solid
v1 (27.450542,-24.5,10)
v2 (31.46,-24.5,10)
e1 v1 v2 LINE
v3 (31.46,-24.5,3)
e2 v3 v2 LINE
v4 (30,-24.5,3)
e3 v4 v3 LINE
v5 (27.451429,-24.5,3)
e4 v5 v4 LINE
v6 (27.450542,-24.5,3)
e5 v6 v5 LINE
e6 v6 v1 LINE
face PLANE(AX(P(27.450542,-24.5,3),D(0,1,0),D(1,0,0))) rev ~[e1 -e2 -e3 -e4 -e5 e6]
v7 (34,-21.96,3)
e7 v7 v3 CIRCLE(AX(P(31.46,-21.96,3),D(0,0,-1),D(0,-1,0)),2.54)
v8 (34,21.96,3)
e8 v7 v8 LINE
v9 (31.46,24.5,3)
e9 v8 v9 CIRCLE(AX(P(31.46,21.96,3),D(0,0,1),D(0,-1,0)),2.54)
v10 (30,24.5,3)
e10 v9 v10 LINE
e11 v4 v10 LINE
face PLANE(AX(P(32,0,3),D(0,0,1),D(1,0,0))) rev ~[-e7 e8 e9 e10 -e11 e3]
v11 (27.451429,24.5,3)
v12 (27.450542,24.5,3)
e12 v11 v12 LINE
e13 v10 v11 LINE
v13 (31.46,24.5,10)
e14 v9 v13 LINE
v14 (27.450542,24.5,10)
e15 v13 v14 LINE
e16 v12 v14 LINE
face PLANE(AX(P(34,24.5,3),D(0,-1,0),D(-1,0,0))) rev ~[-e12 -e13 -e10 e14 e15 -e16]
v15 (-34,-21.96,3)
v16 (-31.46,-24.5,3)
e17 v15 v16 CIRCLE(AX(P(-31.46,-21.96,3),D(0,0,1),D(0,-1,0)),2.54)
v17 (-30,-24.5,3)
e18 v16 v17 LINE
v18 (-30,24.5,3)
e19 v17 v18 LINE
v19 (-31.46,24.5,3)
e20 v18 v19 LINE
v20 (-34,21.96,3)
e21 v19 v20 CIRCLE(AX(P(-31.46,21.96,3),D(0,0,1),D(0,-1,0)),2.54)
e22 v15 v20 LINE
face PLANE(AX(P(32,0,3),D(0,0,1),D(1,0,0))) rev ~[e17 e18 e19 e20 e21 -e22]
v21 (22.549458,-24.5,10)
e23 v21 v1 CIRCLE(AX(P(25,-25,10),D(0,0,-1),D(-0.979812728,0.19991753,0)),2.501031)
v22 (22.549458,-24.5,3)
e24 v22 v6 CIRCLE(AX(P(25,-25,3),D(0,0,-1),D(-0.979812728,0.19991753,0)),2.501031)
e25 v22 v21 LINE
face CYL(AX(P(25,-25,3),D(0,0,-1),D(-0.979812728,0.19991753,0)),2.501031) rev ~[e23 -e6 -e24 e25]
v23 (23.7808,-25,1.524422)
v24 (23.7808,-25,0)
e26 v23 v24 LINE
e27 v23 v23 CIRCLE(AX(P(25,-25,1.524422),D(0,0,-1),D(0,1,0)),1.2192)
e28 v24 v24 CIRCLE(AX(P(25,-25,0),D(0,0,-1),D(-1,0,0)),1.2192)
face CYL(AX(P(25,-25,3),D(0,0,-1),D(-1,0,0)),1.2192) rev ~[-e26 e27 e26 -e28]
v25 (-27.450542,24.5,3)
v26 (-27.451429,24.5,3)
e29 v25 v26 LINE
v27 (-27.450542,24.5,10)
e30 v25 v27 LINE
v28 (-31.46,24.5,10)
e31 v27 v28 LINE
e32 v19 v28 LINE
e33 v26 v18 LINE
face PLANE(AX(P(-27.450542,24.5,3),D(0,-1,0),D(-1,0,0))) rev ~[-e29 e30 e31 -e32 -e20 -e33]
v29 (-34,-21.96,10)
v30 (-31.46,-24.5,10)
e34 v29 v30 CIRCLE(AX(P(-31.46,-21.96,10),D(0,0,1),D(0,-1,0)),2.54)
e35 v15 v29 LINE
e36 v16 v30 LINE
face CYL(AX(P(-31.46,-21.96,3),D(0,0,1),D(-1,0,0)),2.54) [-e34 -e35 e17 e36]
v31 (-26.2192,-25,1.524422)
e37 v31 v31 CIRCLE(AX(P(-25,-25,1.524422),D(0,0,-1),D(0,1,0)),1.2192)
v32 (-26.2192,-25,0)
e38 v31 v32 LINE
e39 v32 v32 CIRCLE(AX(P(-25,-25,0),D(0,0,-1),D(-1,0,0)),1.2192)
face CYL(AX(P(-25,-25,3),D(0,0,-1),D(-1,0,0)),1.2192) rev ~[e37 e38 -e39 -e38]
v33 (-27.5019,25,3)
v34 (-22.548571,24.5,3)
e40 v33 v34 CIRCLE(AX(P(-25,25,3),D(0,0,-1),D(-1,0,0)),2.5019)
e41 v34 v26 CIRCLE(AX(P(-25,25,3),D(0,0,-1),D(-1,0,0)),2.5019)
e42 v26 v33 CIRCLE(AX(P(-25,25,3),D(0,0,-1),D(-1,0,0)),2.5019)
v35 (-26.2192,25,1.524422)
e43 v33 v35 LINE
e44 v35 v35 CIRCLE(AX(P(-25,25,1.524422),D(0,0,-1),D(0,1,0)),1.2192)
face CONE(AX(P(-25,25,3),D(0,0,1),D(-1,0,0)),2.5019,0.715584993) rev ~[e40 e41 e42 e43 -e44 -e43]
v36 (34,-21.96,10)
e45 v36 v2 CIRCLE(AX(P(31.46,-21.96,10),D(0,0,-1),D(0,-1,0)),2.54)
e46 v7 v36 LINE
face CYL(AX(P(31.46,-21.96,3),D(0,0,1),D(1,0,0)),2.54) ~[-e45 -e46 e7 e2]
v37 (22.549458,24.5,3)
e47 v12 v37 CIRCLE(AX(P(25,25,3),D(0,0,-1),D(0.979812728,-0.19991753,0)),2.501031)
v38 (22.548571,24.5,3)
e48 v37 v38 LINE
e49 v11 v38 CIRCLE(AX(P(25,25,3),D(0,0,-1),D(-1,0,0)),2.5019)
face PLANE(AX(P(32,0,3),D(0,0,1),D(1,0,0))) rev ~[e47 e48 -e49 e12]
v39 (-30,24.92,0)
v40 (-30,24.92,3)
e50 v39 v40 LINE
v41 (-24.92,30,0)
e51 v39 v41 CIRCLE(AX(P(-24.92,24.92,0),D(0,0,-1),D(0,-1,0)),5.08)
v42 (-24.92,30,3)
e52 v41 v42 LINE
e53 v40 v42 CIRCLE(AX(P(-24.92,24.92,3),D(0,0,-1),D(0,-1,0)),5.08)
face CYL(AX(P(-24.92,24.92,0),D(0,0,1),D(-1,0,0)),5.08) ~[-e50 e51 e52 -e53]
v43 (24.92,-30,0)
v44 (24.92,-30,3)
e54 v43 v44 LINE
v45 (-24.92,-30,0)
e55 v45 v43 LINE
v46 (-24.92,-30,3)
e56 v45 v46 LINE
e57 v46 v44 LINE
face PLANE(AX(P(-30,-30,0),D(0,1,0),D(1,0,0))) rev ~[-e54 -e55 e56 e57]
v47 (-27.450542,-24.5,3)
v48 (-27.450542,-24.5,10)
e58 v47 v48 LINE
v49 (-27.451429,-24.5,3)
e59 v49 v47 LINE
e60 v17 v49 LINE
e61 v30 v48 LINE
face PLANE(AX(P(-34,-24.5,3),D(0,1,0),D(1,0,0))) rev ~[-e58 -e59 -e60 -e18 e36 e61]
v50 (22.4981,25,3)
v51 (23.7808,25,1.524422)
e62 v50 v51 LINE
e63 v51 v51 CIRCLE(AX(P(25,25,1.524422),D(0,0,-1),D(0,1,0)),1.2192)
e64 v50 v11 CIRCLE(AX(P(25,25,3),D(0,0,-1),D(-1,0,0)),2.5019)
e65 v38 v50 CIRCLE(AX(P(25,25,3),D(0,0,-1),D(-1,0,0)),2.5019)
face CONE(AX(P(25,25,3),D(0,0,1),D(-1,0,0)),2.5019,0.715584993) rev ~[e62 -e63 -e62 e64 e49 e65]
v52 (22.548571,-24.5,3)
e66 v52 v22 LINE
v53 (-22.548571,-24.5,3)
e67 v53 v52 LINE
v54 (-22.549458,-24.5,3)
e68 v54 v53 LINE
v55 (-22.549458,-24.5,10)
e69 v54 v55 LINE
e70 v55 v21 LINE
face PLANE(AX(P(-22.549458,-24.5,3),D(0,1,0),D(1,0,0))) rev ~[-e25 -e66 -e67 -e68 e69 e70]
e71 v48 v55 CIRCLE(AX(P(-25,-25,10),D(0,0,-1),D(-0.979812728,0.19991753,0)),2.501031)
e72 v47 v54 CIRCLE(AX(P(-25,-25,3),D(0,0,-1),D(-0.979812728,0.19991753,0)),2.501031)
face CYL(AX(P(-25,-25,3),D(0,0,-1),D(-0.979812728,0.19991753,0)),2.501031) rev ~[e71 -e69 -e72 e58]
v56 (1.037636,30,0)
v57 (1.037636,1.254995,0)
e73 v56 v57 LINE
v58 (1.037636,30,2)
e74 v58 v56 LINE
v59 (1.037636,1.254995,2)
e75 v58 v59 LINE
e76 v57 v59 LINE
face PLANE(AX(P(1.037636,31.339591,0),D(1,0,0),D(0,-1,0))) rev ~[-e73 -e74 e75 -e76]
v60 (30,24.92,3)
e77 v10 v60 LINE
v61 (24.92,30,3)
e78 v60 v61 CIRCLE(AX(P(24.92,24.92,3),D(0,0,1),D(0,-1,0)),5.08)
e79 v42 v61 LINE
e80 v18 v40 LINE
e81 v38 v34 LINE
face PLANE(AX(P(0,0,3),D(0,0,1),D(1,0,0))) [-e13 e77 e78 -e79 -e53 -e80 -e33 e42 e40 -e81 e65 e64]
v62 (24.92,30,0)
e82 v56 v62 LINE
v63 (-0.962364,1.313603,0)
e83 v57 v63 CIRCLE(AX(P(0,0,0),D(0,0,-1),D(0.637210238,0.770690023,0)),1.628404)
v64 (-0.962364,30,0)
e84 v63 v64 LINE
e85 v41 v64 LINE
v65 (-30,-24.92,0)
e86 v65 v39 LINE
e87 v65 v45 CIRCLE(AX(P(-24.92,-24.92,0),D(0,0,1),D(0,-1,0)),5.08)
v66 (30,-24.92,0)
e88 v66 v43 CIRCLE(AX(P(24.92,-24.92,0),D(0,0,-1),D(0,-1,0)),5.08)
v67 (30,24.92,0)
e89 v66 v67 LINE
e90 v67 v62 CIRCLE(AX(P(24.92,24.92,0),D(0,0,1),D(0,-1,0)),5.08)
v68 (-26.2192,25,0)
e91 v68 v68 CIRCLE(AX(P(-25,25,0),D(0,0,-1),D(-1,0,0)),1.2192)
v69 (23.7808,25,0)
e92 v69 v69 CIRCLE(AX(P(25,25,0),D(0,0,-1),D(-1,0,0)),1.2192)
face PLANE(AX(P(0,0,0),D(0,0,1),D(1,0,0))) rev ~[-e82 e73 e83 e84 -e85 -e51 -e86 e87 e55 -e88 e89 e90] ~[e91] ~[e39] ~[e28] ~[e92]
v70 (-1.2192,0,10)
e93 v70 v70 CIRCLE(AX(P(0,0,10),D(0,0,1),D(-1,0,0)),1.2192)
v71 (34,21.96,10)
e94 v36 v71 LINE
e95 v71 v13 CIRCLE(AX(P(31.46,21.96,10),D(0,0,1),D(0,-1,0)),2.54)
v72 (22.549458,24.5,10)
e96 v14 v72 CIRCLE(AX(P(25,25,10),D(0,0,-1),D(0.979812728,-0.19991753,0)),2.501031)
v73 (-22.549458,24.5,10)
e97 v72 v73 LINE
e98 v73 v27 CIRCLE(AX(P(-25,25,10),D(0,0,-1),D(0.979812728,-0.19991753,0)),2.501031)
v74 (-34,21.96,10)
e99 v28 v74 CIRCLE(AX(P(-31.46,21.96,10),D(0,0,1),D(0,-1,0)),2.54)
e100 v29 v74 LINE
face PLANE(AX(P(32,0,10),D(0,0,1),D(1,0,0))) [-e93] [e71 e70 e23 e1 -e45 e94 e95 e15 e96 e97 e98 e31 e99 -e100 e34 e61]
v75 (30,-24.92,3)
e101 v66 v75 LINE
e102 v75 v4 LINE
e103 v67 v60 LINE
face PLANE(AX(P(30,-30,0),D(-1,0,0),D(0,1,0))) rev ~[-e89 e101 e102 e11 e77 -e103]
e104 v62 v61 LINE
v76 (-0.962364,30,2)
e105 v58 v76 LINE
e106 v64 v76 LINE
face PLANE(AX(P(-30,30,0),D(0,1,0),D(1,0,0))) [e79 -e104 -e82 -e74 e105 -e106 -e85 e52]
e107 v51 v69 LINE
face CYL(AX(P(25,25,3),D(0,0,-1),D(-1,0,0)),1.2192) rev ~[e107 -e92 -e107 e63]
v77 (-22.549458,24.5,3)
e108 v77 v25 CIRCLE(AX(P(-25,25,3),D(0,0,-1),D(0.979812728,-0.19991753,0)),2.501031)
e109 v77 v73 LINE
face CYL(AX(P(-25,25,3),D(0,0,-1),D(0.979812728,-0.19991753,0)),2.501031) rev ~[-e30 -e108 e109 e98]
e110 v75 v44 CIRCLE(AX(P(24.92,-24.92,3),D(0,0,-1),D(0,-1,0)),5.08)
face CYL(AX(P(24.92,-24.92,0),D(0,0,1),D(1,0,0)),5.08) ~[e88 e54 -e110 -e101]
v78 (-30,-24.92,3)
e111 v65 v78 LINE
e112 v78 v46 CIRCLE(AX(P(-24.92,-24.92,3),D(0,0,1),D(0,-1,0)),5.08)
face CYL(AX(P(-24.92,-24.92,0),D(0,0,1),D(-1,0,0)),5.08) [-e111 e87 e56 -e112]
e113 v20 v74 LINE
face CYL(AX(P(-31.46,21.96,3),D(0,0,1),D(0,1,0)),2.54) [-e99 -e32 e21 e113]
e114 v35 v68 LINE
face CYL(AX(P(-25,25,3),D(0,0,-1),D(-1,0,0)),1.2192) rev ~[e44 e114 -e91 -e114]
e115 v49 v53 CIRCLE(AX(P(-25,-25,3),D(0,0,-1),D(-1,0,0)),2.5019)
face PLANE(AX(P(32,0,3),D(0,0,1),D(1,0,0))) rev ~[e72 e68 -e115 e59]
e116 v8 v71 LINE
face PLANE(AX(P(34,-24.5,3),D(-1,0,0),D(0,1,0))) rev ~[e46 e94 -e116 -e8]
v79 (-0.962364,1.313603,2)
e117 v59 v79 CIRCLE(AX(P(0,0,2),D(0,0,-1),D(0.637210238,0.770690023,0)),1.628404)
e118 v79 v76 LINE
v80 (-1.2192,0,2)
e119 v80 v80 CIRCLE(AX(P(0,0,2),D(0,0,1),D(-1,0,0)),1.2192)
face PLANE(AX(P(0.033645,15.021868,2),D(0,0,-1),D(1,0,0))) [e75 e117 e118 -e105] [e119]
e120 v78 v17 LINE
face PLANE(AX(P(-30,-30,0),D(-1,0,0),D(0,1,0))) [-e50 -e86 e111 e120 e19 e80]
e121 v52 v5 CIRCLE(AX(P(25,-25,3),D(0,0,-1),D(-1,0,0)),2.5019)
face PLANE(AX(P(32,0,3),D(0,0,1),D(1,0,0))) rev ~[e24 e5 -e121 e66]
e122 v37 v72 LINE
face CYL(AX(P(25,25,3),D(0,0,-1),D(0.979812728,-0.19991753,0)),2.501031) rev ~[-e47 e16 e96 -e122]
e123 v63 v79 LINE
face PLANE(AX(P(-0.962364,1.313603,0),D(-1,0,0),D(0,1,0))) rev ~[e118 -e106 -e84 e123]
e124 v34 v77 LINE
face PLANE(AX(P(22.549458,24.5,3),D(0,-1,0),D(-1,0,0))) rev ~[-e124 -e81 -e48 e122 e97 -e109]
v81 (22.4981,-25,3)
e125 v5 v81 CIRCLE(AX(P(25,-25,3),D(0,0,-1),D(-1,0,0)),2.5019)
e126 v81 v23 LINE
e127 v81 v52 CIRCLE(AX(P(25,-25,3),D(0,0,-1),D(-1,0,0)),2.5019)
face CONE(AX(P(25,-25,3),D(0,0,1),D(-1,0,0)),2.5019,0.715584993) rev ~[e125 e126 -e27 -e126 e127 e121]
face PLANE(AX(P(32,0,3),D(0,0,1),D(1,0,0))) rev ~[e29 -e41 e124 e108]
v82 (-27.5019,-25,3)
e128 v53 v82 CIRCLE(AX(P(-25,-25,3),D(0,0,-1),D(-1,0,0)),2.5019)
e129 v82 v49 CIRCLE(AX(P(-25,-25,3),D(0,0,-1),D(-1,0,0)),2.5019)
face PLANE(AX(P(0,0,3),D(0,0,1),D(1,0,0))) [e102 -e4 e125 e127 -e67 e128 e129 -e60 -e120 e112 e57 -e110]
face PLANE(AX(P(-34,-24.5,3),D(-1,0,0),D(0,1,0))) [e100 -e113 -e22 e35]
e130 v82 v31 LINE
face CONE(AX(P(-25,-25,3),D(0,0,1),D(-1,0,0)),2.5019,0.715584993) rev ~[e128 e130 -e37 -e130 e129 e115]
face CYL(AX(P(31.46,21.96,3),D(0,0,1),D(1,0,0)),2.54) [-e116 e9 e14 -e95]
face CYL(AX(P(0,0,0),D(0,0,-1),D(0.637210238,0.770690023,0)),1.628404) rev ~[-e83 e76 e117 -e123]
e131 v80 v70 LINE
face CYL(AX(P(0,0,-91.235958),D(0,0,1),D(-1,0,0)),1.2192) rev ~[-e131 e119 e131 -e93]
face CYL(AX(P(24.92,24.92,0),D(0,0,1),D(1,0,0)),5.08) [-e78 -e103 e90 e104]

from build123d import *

# Parameters (mm, degrees)
F0_W           = 60
F0_H           = 60
F1_DEPTH       = 3
F3_D           = 2.4384
F3_DEPTH       = 12.7
F3_CSINK_D     = 5.0038
F3_CSINK_ANGLE = 82
F3_TIP         = 0.7325692667
F4_R           = 5.08
F5_W           = 4
F5_H           = 49
F6_DEPTH       = 7
F7_R           = 2.54
F8_D           = 2.4384
F11_DEPTH      = 2


with BuildPart() as f1:
    # F0 (on Top) → F1 (new body)
    with BuildSketch(Plane.XY):
        Rectangle(F0_W, F0_H)
    extrude(amount=F1_DEPTH)

    # F3
    with Locations(Plane.XY.offset(3)):
        with Locations((-25, 25), (-25, -25), (25, -25), (25, 25)):
            CounterSinkHole(F3_D / 2, F3_CSINK_D / 2, depth=F3_DEPTH, counter_sink_angle=F3_CSINK_ANGLE)
            with Locations((0, 0, -(F3_DEPTH + F3_TIP / 2))):  # 118° drill point
                Cone(0, F3_D / 2, F3_TIP, mode=Mode.SUBTRACT)

    # F4
    f4_edges = [f1.edges().sort_by_distance(p)[0] for p in [
        (30, -30, 1.5),
        (-30, -30, 1.5),
        (30, 30, 1.5),
        (-30, 30, 1.5),
    ]]
    fillet(f4_edges, radius=F4_R)

    # F5 (on face) → F6 (join)
    with BuildSketch(Plane.XY.offset(3)):
        with Locations((32, 0)):
            Rectangle(F5_W, F5_H)
        with BuildLine():
            Line((30, -24.5), (30, 24.5))
            Line((30, 24.5), (27.4505423019, 24.5))
            ThreePointArc((27.4505423019, 24.5), (25, 22.498968698), (22.5494576981, 24.5))
            Line((22.5494576981, 24.5), (-22.5494576981, 24.5))
            ThreePointArc((-22.5494576981, 24.5), (-25, 22.498968698), (-27.4505423019, 24.5))
            Line((-27.4505423019, 24.5), (-30, 24.5))
            Line((-30, 24.5), (-30, -24.5))
            Line((-30, -24.5), (-27.4505423019, -24.5))
            ThreePointArc((-27.4505423019, -24.5), (-25, -22.498968698), (-22.5494576981, -24.5))
            Line((-22.5494576981, -24.5), (22.5494576981, -24.5))
            ThreePointArc((22.5494576981, -24.5), (25, -22.498968698), (27.4505423019, -24.5))
            Line((27.4505423019, -24.5), (30, -24.5))
        make_face()
        with Locations((-32, 0)):
            Rectangle(F5_W, F5_H)
    extrude(amount=F6_DEPTH)

    # F7
    f7_edges = [f1.edges().sort_by_distance(p)[0] for p in [
        (-34, -24.5, 6.5),
        (34, -24.5, 6.5),
        (34, 24.5, 6.5),
        (-34, 24.5, 6.5),
    ]]
    fillet(f7_edges, radius=F7_R)

    # F8 (through all)
    with Locations(Plane(origin=(0, 0, 0), x_dir=(1, 0, 0), z_dir=(0, 0, -1))):
        with Locations((0, 0)):
            Hole(F8_D / 2)

    # F10 (on face) → F11 (cut)
    with BuildSketch(Plane(origin=(0, 0, 0), x_dir=(1, 0, 0), z_dir=(0, 0, -1))):
        with BuildLine():
            Line((-0.9623644593, -1.3136032181), (-0.9623644593, -31.3395906546))
            Line((-0.9623644593, -31.3395906546), (1.0376355407, -31.3395906546))
            Line((1.0376355407, -31.3395906546), (1.0376355407, -1.2549945226))
            ThreePointArc((1.0376355407, -1.2549945226), (-0.0476988335, 1.6277050066), (-0.9623644593, -1.3136032181))
        make_face()
    extrude(amount=-F11_DEPTH, mode=Mode.SUBTRACT)


solid = f1.part
